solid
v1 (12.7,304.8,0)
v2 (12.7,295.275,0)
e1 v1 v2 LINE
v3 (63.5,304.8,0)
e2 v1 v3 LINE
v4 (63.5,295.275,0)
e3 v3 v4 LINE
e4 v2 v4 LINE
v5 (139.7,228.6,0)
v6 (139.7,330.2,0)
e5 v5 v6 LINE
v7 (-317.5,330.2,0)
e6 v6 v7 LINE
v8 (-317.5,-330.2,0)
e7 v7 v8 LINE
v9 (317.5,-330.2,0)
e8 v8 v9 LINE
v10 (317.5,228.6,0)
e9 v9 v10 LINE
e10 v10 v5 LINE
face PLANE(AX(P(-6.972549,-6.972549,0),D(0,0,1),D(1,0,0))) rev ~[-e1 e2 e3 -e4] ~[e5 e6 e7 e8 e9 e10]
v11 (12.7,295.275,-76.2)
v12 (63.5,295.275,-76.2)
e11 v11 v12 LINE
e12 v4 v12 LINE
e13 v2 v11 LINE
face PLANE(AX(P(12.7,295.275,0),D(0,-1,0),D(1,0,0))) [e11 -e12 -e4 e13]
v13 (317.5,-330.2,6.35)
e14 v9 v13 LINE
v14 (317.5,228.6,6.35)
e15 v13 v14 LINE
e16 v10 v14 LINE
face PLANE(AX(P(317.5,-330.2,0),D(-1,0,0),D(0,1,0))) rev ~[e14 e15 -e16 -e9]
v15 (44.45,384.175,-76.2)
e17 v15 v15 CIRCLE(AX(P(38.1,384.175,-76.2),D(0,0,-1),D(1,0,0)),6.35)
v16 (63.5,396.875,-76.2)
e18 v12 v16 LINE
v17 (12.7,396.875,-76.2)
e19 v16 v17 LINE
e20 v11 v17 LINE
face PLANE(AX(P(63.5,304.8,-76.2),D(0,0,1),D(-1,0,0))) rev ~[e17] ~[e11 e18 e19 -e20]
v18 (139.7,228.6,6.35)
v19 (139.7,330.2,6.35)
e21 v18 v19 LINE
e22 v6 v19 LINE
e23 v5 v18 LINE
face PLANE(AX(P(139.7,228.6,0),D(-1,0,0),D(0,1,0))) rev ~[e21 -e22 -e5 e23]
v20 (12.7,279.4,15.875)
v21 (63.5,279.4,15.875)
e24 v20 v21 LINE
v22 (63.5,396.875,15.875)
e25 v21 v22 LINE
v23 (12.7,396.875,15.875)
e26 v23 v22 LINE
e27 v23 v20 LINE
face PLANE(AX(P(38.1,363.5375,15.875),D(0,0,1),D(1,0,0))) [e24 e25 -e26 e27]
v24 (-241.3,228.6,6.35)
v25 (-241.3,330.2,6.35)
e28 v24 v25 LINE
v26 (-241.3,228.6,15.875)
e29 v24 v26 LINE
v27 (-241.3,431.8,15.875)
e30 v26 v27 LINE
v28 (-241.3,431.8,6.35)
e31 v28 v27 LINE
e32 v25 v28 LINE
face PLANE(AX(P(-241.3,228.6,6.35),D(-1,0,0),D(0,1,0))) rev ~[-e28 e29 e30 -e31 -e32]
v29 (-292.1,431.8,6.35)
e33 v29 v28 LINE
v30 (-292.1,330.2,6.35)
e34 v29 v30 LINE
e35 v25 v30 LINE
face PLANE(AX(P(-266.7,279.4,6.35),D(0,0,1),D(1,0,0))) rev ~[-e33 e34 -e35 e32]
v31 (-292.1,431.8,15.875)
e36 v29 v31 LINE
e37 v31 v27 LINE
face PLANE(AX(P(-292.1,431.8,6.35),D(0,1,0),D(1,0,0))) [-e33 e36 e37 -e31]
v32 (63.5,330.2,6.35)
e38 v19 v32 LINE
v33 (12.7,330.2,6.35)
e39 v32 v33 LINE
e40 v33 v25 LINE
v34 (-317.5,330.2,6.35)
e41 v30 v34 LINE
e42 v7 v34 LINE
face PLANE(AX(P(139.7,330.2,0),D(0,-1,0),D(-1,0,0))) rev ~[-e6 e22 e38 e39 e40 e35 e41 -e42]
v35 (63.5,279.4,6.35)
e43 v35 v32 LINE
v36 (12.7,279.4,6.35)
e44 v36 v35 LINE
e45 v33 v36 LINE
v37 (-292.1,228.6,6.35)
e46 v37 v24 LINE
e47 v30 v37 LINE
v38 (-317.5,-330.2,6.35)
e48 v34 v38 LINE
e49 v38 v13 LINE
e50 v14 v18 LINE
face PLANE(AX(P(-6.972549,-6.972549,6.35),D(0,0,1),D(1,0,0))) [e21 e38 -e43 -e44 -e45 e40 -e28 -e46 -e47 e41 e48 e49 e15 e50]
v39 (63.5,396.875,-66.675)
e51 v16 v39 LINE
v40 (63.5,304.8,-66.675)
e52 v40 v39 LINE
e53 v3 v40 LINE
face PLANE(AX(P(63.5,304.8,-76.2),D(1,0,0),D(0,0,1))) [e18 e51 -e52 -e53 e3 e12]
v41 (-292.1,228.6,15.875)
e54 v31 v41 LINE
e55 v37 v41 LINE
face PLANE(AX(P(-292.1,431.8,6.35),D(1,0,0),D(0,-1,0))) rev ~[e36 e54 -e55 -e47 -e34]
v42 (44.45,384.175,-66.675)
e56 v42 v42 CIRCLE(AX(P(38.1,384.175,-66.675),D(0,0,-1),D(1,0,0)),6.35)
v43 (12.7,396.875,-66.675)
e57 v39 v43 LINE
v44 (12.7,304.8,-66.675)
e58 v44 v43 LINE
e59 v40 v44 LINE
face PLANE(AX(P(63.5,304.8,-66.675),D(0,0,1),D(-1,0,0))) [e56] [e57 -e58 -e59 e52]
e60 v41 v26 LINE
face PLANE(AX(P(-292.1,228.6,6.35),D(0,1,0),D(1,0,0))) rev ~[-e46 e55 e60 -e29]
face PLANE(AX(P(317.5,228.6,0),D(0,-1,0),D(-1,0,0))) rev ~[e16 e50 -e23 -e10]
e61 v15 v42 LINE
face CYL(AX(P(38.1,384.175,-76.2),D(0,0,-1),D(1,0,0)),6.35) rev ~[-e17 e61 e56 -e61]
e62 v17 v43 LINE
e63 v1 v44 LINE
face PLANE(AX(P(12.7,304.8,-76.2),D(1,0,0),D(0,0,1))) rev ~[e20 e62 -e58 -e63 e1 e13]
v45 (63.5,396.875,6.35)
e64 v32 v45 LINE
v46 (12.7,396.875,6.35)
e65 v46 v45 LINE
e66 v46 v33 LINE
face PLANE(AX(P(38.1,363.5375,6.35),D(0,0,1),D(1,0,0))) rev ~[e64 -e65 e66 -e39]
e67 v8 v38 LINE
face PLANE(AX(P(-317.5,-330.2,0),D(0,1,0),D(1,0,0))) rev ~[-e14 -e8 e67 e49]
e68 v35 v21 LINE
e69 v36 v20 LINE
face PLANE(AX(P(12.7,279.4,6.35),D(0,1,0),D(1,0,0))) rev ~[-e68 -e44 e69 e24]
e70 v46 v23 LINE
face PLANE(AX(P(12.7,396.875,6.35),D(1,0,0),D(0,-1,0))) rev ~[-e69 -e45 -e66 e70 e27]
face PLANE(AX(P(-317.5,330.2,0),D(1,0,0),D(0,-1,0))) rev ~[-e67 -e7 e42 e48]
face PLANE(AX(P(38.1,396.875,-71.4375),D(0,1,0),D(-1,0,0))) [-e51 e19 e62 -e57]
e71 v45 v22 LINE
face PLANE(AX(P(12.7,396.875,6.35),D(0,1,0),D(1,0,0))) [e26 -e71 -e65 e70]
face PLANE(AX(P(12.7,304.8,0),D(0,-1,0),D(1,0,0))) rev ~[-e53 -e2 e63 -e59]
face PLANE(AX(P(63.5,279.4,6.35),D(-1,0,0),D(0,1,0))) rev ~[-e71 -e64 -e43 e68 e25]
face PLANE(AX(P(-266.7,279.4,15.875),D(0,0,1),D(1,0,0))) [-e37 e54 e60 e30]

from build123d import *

# Parameters (mm, degrees)
F1_DEPTH  = 6.35
F2_W      = 50.8
F2_H      = 101.6
F3_DEPTH  = 9.525
F4_W      = 50.8
F4_H      = 9.525
F5_DEPTH  = 76.2
F6_W      = 50.8
F6_H      = 9.525
F7_DEPTH  = 92.075
F8_R      = 6.35
F9_DEPTH  = 25.4
F10_W     = 50.8
F10_H     = 66.675
F10_H_2   = 50.8
F11_DEPTH = 9.525


with BuildPart() as f1:
    # F0 (on Top) → F1 (new body)
    with BuildSketch(Plane.XY):
        Polygon((-317.5, -330.2), (317.5, -330.2), (317.5, 228.6), (139.7, 228.6), (139.7, 330.2), (-317.5, 330.2), align=None)
    extrude(amount=F1_DEPTH)

    # F2 (on face) → F3 (join)
    with BuildSketch(Plane.XY.offset(6.35)):
        with Locations((-266.7, 279.4)):
            Rectangle(F2_W, F2_H)
        with Locations((-266.7, 381)):
            Rectangle(F2_W, F2_H)
    extrude(amount=F3_DEPTH)

    # F4 (on face) → F5 (join)
    with BuildSketch(Plane(origin=(0, 0, 0), x_dir=(1, 0, 0), z_dir=(0, 0, -1))):
        with Locations((38.1, -300.0375)):
            Rectangle(F4_W, F4_H)
    extrude(amount=F5_DEPTH)

    # F6 (on face) → F7 (join)
    with BuildSketch(Plane(origin=(0, 304.8, 0), x_dir=(-1, 0, 0), z_dir=(0, 1, 0))):
        with Locations((-38.1, -71.4375)):
            Rectangle(F6_W, F6_H)
    extrude(amount=F7_DEPTH)

    # F8 (on face) → F9 (cut)
    with BuildSketch(Plane(origin=(0, 0, -76.2), x_dir=(1, 0, 0), z_dir=(0, 0, -1))):
        with Locations((38.1, -384.175)):
            Circle(F8_R)
    extrude(amount=-F9_DEPTH, mode=Mode.SUBTRACT)

    # F10 (on face) → F11 (join)
    with BuildSketch(Plane.XY.offset(6.35)):
        with Locations((38.1, 363.5375)):
            Rectangle(F10_W, F10_H)
        with Locations((38.1, 304.8)):
            Rectangle(F10_W, F10_H_2)
    extrude(amount=F11_DEPTH)


solid = f1.part
